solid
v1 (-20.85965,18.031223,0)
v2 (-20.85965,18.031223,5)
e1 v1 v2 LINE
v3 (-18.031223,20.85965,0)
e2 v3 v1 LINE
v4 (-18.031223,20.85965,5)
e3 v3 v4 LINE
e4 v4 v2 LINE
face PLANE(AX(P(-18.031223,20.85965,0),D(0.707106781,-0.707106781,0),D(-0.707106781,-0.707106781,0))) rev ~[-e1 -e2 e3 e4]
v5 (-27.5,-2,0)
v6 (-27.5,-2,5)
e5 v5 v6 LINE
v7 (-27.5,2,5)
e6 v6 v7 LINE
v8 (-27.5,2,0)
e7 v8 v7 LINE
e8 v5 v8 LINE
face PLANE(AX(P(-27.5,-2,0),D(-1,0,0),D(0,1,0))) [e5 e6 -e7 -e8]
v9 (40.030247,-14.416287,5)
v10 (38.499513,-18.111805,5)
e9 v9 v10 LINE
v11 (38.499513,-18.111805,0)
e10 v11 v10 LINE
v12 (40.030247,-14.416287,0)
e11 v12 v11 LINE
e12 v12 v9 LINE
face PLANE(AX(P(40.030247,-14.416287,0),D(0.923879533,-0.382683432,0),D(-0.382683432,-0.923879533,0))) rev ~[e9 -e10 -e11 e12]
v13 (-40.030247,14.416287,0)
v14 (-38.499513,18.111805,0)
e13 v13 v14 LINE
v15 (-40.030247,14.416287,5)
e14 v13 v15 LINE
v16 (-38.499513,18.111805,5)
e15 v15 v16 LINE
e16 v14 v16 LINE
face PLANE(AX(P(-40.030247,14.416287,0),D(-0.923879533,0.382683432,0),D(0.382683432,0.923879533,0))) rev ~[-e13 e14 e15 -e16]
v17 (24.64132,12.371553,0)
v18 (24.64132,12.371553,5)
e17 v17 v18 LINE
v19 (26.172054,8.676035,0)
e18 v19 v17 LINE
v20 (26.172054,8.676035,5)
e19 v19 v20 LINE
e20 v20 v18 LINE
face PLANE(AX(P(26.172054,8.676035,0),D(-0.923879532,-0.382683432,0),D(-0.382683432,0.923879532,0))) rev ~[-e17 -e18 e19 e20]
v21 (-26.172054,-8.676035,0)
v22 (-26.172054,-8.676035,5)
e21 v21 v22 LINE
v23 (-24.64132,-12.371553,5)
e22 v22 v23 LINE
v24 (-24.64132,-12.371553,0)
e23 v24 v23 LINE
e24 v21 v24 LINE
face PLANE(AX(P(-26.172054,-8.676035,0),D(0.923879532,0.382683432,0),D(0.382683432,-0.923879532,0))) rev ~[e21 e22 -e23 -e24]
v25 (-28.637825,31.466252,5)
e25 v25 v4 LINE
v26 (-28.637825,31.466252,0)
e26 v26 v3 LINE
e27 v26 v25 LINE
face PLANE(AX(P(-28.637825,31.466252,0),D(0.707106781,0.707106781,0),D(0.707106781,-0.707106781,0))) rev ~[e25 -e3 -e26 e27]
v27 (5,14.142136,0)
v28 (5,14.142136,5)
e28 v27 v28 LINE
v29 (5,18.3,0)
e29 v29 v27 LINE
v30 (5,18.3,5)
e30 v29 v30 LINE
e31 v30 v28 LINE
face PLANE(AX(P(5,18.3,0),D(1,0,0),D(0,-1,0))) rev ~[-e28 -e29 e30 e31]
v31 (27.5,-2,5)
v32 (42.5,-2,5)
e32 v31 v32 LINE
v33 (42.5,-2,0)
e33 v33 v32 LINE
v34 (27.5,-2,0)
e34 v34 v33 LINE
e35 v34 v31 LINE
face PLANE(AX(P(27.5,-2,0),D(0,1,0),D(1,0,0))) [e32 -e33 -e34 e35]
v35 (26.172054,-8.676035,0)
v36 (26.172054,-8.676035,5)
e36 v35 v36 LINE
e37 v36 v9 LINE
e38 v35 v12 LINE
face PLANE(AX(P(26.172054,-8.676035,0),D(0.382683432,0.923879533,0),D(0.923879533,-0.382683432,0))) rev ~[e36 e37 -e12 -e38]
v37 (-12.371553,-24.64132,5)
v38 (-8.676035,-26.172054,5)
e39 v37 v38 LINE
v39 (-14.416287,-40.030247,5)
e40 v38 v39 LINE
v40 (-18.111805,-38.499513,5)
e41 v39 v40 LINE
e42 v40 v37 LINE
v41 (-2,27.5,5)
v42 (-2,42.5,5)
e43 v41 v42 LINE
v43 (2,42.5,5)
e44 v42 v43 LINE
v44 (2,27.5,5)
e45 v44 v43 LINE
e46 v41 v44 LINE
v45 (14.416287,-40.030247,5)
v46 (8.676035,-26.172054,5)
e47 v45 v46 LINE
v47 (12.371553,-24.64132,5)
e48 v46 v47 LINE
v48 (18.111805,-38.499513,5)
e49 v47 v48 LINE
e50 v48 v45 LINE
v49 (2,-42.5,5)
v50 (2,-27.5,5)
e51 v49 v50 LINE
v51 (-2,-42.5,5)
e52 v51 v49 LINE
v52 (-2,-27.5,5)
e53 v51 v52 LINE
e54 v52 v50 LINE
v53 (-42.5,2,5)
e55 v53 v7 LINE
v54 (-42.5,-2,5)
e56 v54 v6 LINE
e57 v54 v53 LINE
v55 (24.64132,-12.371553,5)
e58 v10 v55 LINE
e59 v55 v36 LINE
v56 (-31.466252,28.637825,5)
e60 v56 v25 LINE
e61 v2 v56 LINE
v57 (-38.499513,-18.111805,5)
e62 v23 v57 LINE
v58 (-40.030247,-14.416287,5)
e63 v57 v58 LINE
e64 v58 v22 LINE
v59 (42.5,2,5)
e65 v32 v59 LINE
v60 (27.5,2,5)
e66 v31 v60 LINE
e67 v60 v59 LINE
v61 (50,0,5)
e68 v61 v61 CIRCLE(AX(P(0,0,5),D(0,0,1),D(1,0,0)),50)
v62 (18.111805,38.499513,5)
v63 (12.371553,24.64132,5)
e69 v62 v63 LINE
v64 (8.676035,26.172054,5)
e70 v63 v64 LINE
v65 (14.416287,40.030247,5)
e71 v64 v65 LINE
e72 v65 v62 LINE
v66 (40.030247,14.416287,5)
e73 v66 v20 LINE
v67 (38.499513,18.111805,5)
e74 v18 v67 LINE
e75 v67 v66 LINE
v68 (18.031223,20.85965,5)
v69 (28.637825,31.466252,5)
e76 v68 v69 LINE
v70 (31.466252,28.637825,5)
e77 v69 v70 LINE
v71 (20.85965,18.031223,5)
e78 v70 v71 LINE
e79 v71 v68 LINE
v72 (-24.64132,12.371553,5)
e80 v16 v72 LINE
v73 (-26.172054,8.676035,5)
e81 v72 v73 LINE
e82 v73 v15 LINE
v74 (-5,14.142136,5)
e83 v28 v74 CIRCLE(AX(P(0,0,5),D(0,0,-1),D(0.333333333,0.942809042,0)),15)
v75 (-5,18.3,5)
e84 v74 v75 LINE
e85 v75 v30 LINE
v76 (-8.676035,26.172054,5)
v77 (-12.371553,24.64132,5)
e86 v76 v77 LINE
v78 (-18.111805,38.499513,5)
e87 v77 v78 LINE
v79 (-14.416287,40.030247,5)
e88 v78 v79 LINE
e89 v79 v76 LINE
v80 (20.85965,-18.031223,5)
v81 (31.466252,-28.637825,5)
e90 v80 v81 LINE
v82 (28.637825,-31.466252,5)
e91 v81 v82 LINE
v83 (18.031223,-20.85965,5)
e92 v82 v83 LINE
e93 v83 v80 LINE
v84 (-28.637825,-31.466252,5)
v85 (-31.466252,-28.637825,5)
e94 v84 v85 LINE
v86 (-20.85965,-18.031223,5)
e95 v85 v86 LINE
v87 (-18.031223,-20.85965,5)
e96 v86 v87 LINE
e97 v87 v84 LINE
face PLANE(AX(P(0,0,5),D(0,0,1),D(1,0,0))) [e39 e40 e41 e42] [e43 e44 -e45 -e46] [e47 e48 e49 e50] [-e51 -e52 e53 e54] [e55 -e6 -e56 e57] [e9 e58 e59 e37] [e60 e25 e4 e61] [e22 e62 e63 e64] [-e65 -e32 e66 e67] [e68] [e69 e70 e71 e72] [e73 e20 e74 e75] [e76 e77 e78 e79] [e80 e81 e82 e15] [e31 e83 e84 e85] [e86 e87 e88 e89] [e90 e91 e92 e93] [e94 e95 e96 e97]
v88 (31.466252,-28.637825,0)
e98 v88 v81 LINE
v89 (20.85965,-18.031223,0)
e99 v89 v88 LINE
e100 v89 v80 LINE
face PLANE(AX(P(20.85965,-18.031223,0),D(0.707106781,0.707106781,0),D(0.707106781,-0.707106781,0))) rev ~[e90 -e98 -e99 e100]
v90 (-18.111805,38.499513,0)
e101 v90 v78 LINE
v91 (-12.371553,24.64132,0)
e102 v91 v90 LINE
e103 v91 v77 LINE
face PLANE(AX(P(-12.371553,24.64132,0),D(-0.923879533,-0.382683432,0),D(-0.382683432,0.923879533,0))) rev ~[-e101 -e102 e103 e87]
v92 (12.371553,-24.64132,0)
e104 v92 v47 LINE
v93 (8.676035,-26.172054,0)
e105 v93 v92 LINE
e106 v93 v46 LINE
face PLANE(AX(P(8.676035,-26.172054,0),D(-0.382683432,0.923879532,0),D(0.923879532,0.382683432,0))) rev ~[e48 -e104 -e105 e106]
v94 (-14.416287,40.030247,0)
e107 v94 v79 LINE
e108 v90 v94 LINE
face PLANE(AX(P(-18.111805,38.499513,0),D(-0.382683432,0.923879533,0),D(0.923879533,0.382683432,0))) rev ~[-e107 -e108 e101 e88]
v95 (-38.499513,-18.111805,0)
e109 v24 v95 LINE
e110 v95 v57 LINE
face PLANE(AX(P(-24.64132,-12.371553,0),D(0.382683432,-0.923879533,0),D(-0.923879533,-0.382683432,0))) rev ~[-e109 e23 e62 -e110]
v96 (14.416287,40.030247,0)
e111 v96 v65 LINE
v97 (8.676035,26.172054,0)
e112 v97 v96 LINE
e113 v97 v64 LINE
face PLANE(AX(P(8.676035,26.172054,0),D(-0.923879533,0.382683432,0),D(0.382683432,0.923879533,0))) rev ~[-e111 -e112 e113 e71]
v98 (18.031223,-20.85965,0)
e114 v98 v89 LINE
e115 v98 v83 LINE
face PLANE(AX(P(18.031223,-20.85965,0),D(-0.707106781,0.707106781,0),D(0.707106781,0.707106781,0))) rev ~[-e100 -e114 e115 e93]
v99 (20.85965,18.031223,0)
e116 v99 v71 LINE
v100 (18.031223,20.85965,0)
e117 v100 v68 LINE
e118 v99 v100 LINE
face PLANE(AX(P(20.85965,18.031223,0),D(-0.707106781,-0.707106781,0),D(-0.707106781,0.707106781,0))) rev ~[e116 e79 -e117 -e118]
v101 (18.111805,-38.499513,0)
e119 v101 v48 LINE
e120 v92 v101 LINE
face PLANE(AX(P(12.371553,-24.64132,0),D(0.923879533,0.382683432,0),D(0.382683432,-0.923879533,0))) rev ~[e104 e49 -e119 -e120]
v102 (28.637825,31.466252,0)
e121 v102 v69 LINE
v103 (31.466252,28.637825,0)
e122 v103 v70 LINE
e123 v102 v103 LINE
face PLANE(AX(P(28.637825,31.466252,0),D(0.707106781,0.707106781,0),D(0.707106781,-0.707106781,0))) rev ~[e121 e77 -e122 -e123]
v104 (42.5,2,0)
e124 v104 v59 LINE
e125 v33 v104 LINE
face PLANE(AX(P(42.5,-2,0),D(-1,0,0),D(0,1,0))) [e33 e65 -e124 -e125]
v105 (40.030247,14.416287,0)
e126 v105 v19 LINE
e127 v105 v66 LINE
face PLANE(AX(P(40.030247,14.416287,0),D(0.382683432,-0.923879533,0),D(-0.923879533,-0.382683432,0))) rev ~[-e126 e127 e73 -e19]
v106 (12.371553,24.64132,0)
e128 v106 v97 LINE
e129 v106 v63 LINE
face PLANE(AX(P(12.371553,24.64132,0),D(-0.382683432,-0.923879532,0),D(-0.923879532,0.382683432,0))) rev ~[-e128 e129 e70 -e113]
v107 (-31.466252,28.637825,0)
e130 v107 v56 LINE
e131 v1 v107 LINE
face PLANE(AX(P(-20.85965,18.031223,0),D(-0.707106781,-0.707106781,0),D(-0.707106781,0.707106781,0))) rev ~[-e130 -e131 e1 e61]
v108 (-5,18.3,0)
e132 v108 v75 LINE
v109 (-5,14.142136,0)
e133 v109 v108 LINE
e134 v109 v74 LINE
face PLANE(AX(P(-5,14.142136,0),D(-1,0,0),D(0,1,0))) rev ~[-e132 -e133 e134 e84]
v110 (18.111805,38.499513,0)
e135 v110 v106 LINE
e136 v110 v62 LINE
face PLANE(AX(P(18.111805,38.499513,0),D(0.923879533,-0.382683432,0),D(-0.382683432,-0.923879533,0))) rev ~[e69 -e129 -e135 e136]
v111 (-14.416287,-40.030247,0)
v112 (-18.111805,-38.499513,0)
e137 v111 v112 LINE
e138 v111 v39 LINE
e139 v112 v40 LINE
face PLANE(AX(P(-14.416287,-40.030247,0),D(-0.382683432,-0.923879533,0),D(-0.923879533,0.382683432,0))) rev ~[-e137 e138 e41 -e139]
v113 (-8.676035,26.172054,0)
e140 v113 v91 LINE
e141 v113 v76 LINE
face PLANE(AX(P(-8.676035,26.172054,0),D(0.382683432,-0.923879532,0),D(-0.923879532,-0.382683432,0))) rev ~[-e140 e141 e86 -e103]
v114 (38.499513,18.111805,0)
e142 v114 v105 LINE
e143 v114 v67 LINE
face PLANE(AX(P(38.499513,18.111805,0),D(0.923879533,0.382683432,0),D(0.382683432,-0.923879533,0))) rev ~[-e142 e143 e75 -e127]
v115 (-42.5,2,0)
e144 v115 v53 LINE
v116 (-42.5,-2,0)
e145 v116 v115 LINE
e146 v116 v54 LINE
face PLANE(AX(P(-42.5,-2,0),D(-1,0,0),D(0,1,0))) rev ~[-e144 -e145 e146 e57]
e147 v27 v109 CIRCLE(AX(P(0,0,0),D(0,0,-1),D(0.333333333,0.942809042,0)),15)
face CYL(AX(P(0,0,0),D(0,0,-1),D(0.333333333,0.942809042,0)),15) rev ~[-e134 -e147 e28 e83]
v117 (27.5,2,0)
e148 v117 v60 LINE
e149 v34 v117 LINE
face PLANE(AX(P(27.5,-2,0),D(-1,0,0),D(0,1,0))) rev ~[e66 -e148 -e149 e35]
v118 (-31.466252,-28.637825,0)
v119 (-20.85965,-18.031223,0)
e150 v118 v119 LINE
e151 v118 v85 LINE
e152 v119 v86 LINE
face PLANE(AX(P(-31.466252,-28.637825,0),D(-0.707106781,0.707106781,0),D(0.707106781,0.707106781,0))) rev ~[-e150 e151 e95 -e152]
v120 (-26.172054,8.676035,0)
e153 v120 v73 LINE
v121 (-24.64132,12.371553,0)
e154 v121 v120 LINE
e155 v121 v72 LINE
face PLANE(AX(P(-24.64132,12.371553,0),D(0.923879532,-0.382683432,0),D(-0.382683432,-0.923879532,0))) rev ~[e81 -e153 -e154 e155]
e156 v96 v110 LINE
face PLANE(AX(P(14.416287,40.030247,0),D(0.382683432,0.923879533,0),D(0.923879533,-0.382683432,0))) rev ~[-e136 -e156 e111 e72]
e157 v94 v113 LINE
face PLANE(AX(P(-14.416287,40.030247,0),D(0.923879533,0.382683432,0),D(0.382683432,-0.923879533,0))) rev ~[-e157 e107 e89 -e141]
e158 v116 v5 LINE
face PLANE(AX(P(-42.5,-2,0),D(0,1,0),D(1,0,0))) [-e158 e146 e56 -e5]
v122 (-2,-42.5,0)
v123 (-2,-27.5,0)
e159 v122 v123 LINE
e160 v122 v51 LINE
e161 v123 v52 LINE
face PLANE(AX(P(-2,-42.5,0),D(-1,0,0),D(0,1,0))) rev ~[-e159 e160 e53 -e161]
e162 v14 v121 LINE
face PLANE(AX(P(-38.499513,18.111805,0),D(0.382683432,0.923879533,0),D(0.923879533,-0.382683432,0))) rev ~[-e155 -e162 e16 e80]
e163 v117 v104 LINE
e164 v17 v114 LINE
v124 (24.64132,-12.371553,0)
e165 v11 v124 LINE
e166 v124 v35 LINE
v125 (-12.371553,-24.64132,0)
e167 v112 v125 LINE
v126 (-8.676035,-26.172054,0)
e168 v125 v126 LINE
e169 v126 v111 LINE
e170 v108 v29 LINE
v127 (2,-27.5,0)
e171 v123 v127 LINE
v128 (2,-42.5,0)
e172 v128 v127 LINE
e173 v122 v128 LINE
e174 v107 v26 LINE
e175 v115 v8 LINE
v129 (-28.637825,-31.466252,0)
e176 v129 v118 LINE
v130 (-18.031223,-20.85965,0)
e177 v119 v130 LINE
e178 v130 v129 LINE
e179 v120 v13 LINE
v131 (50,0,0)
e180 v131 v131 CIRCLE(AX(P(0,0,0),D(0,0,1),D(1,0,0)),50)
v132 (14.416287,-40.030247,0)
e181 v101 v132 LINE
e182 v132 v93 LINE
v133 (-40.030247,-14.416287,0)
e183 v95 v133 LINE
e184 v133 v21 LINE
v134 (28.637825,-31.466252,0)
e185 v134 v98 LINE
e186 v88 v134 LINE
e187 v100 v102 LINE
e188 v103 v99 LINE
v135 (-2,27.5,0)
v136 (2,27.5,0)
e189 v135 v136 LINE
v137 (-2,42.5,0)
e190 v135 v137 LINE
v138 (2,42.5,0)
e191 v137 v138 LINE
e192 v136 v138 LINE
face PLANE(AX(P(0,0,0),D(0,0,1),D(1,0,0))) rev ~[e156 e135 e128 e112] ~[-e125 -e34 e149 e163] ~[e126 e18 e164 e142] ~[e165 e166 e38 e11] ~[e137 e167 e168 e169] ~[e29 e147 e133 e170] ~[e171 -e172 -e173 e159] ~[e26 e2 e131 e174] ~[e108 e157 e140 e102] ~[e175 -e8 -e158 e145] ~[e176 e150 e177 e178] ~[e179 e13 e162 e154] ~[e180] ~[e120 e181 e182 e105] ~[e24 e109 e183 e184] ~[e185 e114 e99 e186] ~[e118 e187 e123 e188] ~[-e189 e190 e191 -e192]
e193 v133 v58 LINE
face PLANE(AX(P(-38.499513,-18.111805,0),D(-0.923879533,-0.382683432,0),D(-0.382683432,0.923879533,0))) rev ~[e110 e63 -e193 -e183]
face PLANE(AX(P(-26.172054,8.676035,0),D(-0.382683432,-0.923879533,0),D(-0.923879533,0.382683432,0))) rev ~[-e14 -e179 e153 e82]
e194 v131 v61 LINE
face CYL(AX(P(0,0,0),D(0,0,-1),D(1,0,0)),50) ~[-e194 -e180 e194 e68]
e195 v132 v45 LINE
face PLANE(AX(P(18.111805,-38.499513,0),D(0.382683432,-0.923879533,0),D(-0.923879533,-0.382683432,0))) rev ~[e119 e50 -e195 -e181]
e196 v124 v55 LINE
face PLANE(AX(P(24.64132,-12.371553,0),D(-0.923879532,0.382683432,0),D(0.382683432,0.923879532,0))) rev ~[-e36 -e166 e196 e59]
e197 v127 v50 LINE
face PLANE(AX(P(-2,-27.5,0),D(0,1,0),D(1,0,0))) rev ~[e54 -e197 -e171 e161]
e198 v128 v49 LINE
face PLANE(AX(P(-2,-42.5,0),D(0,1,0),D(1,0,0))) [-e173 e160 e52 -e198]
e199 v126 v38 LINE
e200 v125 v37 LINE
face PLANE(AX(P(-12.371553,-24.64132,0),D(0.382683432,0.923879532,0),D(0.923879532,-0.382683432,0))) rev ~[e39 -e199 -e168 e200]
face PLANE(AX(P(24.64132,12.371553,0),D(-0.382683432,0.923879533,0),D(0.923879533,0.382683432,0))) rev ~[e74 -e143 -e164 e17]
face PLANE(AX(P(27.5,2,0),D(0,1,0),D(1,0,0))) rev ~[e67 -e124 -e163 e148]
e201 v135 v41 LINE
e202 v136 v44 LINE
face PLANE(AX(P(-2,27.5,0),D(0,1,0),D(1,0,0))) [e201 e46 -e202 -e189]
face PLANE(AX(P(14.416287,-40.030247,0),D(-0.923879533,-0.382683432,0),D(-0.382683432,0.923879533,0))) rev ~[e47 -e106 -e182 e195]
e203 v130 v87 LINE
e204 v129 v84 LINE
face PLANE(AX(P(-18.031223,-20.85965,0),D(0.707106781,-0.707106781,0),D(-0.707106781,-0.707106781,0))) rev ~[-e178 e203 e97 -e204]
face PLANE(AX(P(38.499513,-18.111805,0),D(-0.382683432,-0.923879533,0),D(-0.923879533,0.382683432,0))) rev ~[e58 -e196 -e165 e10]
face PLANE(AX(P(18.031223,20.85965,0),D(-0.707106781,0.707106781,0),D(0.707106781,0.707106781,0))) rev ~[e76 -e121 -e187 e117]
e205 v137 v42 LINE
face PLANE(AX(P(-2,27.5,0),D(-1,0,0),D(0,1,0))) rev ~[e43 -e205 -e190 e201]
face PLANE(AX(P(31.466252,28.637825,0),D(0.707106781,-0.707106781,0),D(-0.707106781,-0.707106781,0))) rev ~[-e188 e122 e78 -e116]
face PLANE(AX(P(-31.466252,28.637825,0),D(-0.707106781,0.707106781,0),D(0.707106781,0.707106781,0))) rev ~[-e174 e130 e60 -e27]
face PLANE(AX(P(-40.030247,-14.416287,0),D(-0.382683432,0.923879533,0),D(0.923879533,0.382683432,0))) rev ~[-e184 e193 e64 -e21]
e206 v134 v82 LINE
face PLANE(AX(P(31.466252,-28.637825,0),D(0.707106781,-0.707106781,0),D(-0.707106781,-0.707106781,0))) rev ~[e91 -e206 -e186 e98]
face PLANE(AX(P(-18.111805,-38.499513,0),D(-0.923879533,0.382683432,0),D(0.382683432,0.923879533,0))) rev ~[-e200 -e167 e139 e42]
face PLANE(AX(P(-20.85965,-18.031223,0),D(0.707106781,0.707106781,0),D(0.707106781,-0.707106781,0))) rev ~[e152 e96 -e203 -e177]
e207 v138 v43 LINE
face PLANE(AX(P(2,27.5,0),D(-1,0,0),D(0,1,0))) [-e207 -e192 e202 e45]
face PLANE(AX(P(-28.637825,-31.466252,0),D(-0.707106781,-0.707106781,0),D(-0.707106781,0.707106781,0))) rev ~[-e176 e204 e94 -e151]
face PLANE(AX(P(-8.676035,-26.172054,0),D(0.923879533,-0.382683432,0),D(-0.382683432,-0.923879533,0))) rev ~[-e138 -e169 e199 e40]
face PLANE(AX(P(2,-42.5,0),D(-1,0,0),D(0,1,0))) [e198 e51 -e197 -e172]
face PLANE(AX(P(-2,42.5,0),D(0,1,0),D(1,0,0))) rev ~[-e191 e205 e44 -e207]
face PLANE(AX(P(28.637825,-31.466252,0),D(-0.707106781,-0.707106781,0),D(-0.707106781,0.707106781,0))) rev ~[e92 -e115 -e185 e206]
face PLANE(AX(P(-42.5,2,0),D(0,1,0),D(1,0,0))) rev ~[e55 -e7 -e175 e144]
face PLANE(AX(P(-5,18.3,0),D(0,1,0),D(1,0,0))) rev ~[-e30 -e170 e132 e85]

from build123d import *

# Parameters (mm, degrees)
SKETCH1_R           = 50
SKETCH1_W           = 15
SKETCH1_H           = 4
SKETCH1_W_2         = 4
SKETCH1_H_2         = 15
BOSS_EXTRUDE1_DEPTH = 5


with BuildPart() as part:
    # Sketch1 → Boss-Extrude1 (new body)
    with BuildSketch(Plane.XY):
        Circle(SKETCH1_R)
        with BuildLine():
            Line((-5, 14.142135624), (-5, 18.3))
            Line((-5, 18.3), (5, 18.3))
            Line((5, 18.3), (5, 14.142135624))
            ThreePointArc((5, 14.142135624), (0, -15), (-5, 14.142135624))
        make_face(mode=Mode.SUBTRACT)
        with Locations((-35, 0)):
            Rectangle(SKETCH1_W, SKETCH1_H, mode=Mode.SUBTRACT)
        Polygon((-38.499513267, 18.111804941), (-24.641320279, 12.371553455), (-26.172054009, 8.676035325), (-40.030246996, 14.41628681), align=None, mode=Mode.SUBTRACT)
        Polygon((-28.637824638, 31.466251763), (-18.03122292, 20.859650045), (-20.859650045, 18.03122292), (-31.466251763, 28.637824638), align=None, mode=Mode.SUBTRACT)
        Polygon((-14.41628681, 40.030246996), (-8.676035325, 26.172054009), (-12.371553455, 24.641320279), (-18.111804941, 38.499513267), align=None, mode=Mode.SUBTRACT)
        with Locations((0, 35)):
            Rectangle(SKETCH1_W_2, SKETCH1_H_2, mode=Mode.SUBTRACT)
        Polygon((18.111804941, 38.499513267), (12.371553455, 24.641320279), (8.676035325, 26.172054009), (14.41628681, 40.030246996), align=None, mode=Mode.SUBTRACT)
        Polygon((31.466251763, 28.637824638), (20.859650045, 18.03122292), (18.03122292, 20.859650045), (28.637824638, 31.466251763), align=None, mode=Mode.SUBTRACT)
        Polygon((40.030246996, 14.41628681), (26.172054009, 8.676035325), (24.641320279, 12.371553455), (38.499513267, 18.111804941), align=None, mode=Mode.SUBTRACT)
        with Locations((35, 0)):
            Rectangle(SKETCH1_W, SKETCH1_H, mode=Mode.SUBTRACT)
        Polygon((38.499513267, -18.111804941), (24.641320279, -12.371553455), (26.172054009, -8.676035325), (40.030246996, -14.41628681), align=None, mode=Mode.SUBTRACT)
        Polygon((28.637824638, -31.466251763), (18.03122292, -20.859650045), (20.859650045, -18.03122292), (31.466251763, -28.637824638), align=None, mode=Mode.SUBTRACT)
        Polygon((14.41628681, -40.030246996), (8.676035325, -26.172054009), (12.371553455, -24.641320279), (18.111804941, -38.499513267), align=None, mode=Mode.SUBTRACT)
        with Locations((0, -35)):
            Rectangle(SKETCH1_W_2, SKETCH1_H_2, mode=Mode.SUBTRACT)
        Polygon((-18.111804941, -38.499513267), (-12.371553455, -24.641320279), (-8.676035325, -26.172054009), (-14.41628681, -40.030246996), align=None, mode=Mode.SUBTRACT)
        Polygon((-31.466251763, -28.637824638), (-20.859650045, -18.03122292), (-18.03122292, -20.859650045), (-28.637824638, -31.466251763), align=None, mode=Mode.SUBTRACT)
        Polygon((-40.030246996, -14.41628681), (-26.172054009, -8.676035325), (-24.641320279, -12.371553455), (-38.499513267, -18.111804941), align=None, mode=Mode.SUBTRACT)
    extrude(amount=BOSS_EXTRUDE1_DEPTH)


solid = part.part
